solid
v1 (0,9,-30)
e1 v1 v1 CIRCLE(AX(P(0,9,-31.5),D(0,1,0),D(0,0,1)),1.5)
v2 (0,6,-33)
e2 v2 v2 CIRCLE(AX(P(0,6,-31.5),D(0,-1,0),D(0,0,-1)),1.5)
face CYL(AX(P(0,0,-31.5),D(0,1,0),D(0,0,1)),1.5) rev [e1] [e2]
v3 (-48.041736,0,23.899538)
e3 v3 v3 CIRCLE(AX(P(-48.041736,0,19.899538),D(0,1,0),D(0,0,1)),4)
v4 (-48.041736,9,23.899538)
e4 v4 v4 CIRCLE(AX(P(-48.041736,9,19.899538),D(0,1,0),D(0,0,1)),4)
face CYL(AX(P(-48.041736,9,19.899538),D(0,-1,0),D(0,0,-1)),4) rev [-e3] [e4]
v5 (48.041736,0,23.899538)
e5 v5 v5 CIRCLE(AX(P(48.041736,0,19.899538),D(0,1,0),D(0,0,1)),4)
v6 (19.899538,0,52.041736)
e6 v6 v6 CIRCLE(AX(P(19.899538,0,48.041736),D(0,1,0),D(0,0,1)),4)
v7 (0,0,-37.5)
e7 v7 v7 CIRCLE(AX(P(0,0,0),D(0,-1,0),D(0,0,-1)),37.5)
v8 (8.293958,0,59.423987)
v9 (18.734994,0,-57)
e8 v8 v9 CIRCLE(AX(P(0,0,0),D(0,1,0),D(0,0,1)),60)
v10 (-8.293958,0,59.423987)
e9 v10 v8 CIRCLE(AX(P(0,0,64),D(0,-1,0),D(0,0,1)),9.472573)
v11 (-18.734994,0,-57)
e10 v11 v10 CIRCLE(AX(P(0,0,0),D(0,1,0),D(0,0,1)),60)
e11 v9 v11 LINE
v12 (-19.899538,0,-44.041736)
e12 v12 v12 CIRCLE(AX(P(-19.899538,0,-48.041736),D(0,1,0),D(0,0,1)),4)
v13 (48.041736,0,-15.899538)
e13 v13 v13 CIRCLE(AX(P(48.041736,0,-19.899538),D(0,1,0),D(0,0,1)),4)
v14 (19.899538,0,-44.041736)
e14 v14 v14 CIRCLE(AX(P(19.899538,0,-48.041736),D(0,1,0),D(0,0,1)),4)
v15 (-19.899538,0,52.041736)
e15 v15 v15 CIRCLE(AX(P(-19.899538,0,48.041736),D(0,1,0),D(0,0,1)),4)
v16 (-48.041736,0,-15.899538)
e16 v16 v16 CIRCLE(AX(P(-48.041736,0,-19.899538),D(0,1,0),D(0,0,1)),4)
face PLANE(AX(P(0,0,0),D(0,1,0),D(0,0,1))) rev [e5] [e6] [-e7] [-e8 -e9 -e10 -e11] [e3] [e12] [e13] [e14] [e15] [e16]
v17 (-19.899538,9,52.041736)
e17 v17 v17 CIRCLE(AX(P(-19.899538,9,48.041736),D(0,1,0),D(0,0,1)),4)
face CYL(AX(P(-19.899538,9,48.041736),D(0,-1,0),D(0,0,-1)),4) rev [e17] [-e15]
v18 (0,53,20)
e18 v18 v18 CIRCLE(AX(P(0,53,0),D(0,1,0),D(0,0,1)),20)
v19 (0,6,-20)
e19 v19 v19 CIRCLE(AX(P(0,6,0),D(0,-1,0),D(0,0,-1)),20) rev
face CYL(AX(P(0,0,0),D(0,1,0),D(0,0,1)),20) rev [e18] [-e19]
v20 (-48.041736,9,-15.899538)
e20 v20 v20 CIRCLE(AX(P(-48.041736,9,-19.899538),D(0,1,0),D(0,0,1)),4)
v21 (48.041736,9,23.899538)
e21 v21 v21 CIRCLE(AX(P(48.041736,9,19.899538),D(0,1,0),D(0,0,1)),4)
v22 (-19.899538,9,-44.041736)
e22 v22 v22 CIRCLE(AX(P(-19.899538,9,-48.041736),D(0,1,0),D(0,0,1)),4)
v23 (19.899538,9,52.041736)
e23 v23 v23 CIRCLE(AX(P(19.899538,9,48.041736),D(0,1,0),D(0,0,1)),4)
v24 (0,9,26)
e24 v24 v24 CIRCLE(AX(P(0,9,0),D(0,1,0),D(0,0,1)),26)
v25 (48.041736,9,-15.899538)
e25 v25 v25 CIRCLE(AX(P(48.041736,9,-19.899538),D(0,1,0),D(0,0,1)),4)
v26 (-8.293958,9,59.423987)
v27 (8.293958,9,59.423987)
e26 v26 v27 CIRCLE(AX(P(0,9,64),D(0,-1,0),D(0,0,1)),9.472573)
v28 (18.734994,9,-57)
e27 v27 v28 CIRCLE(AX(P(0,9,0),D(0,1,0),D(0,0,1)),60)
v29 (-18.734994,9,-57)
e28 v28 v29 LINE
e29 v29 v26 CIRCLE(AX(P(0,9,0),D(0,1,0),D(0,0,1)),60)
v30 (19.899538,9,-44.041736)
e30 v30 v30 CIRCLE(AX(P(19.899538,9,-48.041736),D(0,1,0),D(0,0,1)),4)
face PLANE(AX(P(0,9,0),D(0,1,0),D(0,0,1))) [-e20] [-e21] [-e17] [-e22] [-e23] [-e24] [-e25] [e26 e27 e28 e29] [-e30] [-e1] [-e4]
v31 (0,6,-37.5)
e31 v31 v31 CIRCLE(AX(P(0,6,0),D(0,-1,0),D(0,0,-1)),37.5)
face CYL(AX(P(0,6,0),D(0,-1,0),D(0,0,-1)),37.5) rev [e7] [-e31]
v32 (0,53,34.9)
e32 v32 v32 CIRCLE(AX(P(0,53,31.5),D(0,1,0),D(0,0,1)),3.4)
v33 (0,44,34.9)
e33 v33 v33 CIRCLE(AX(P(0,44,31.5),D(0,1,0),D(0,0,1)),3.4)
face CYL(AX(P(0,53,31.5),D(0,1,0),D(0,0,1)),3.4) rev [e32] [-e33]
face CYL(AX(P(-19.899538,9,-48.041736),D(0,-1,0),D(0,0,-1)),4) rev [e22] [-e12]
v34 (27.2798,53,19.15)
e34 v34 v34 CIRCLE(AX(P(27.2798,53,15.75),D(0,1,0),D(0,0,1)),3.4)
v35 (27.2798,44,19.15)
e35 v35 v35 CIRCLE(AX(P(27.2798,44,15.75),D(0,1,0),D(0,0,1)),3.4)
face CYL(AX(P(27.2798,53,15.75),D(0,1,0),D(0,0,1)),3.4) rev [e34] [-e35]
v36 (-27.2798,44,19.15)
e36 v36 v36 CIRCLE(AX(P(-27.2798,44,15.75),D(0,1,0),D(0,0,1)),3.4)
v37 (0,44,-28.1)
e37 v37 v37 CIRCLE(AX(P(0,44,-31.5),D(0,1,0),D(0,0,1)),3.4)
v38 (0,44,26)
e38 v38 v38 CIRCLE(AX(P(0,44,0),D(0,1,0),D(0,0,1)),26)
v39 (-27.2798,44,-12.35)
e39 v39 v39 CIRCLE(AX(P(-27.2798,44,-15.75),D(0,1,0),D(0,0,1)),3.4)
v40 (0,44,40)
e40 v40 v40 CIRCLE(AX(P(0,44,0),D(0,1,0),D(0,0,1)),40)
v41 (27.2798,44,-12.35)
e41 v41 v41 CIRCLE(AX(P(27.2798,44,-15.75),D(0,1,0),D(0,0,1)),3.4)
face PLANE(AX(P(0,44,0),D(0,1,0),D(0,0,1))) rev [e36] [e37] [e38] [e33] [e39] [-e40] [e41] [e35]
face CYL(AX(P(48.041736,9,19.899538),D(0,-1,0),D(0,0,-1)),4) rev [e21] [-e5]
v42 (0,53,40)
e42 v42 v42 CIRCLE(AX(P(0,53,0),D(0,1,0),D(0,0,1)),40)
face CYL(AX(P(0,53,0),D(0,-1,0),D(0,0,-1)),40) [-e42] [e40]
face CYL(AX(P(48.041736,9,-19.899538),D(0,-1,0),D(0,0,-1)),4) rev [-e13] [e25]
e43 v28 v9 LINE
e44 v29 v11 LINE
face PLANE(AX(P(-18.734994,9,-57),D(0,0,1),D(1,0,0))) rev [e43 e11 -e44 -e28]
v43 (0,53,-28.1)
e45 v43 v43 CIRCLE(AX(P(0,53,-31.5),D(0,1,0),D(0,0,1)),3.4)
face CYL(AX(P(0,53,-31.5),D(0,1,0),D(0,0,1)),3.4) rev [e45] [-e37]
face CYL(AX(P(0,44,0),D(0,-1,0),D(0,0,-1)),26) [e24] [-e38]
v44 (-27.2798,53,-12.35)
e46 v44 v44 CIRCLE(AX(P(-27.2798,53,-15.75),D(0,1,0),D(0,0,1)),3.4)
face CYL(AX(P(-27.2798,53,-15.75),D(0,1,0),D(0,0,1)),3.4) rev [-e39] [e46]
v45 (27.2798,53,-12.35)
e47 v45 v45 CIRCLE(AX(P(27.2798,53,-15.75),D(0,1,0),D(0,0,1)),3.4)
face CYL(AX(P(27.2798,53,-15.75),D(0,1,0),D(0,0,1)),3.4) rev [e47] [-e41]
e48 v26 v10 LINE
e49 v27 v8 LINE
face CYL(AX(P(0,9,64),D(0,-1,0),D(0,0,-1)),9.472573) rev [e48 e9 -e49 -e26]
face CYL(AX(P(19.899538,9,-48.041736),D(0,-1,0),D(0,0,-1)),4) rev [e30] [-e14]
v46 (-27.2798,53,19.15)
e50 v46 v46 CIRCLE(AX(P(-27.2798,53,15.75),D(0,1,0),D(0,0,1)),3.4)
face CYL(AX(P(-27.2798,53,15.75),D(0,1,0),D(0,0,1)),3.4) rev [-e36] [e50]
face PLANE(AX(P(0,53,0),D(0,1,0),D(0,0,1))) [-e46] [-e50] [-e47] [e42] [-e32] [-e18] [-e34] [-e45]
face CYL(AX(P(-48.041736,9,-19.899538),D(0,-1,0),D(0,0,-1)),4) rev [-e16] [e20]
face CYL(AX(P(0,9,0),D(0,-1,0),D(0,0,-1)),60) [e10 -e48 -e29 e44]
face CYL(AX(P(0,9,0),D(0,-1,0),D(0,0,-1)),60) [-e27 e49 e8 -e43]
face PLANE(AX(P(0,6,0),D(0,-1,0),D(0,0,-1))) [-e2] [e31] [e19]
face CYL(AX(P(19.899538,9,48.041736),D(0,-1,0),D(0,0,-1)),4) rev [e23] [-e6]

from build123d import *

# Parameters (mm, degrees)
SKETCH_1_R               = 4
EXTRUDE_1_DEPTH          = 9
SKETCH_2_R               = 26
EXTRUDE_2_DEPTH          = 35
SKETCH_3_R               = 40
EXTRUDE_3_DEPTH          = 9
HOLE_WIZARD_M8_1_D       = 6.8
HOLE_WIZARD_M8_1_DEPTH   = 9
PATTERN_CIRCULAR_1_COUNT = 6
SKETCH_6_R               = 20
CUT_EXTRUDE_1_DEPTH      = 100.700603114
SKETCH_7_R               = 37.5
CUT_EXTRUDE_2_DEPTH      = 6
SKETCH_8_R               = 1.5
CUT_EXTRUDE_3_DEPTH      = 100.700603114


with BuildPart() as part:
    # 草图1 → 凸台-拉伸1 (new body)
    with BuildSketch(Plane(origin=(0, 0, 0), x_dir=(1, 0, 0), z_dir=(0, 1, 0))):
        with BuildLine():
            Line((-18.734993995, 57), (18.734993995, 57))
            ThreePointArc((18.734993995, 57), (59.760164517, -5.359359749), (8.293957962, -59.423987255))
            ThreePointArc((8.293957962, -59.423987255), (0, -54.527427418), (-8.293957962, -59.423987255))
            ThreePointArc((-8.293957962, -59.423987255), (-59.760164517, -5.359359749), (-18.734993995, 57))
        make_face()
        with Locations(Location((-48.041735691, 19.899538483, 0), (0, 0, 270))):
            Circle(SKETCH_1_R, mode=Mode.SUBTRACT)
        with Locations(Location((-19.899538483, 48.041735691, 0), (0, 0, 270))):
            Circle(SKETCH_1_R, mode=Mode.SUBTRACT)
        with Locations(Location((19.899538483, 48.041735691, 0), (0, 0, 270))):
            Circle(SKETCH_1_R, mode=Mode.SUBTRACT)
        with Locations(Location((48.041735691, 19.899538483, 0), (0, 0, 270))):
            Circle(SKETCH_1_R, mode=Mode.SUBTRACT)
        with Locations(Location((48.041735691, -19.899538483, 0), (0, 0, 270))):
            Circle(SKETCH_1_R, mode=Mode.SUBTRACT)
        with Locations(Location((19.899538483, -48.041735691, 0), (0, 0, 270))):
            Circle(SKETCH_1_R, mode=Mode.SUBTRACT)
        with Locations(Location((-19.899538483, -48.041735691, 0), (0, 0, 270))):
            Circle(SKETCH_1_R, mode=Mode.SUBTRACT)
        with Locations(Location((-48.041735691, -19.899538483, 0), (0, 0, 270))):
            Circle(SKETCH_1_R, mode=Mode.SUBTRACT)
    extrude(amount=EXTRUDE_1_DEPTH)

    # 草图2 → 凸台-拉伸2 (add)
    with BuildSketch(Plane(origin=(0, 9, 0), x_dir=(1, 0, 0), z_dir=(0, 1, 0))):
        with Locations(Location((0, 0, 0), (0, 0, 270))):
            Circle(SKETCH_2_R)
    extrude(amount=EXTRUDE_2_DEPTH)

    # 草图3 → 凸台-拉伸3 (add)
    with BuildSketch(Plane(origin=(0, 44, 0), x_dir=(1, 0, 0), z_dir=(0, 1, 0))):
        with Locations(Location((0, 0, 0), (0, 0, 270))):
            Circle(SKETCH_3_R)
    extrude(amount=EXTRUDE_3_DEPTH)

    # M8 螺纹孔1
    with Locations(Plane(origin=(0, 53, 0), x_dir=(1, 0, 0), z_dir=(0, 1, 0))):
        with Locations((0, 31.5)):
            hole_wizard_m8_1 = Hole(HOLE_WIZARD_M8_1_D / 2, depth=HOLE_WIZARD_M8_1_DEPTH)

    # 阵列(圆周)1: M8 螺纹孔1 ×6 about axis
    pattern_circular_1_axis = Axis((0, 0, 0), (0, 1, 0))
    for i in range(1, PATTERN_CIRCULAR_1_COUNT):
        add(hole_wizard_m8_1.rotate(pattern_circular_1_axis, i * 360 / PATTERN_CIRCULAR_1_COUNT), mode=Mode.SUBTRACT)

    # 草图6 → 切除-拉伸1 (cut, through all)
    with BuildSketch(Plane(origin=(0, 53, 0), x_dir=(1, 0, 0), z_dir=(0, 1, 0))):
        with Locations(Location((0, 0, 0), (0, 0, 270))):
            Circle(SKETCH_6_R)
    extrude(amount=-CUT_EXTRUDE_1_DEPTH, mode=Mode.SUBTRACT)

    # 草图7 → 切除-拉伸2 (cut)
    with BuildSketch(Plane.XZ):
        with Locations(Location((0, 0, 0), (0, 0, 270))):
            Circle(SKETCH_7_R)
    extrude(amount=-CUT_EXTRUDE_2_DEPTH, mode=Mode.SUBTRACT)

    # 草图8 → 切除-拉伸3 (cut, through all)
    with BuildSketch(Plane(origin=(0, 53, 0), x_dir=(1, 0, 0), z_dir=(0, 1, 0))):
        with Locations(Location((0, 31.5, 0), (0, 0, 270))):
            Circle(SKETCH_8_R)
    extrude(amount=-CUT_EXTRUDE_3_DEPTH, mode=Mode.SUBTRACT)


solid = part.part
